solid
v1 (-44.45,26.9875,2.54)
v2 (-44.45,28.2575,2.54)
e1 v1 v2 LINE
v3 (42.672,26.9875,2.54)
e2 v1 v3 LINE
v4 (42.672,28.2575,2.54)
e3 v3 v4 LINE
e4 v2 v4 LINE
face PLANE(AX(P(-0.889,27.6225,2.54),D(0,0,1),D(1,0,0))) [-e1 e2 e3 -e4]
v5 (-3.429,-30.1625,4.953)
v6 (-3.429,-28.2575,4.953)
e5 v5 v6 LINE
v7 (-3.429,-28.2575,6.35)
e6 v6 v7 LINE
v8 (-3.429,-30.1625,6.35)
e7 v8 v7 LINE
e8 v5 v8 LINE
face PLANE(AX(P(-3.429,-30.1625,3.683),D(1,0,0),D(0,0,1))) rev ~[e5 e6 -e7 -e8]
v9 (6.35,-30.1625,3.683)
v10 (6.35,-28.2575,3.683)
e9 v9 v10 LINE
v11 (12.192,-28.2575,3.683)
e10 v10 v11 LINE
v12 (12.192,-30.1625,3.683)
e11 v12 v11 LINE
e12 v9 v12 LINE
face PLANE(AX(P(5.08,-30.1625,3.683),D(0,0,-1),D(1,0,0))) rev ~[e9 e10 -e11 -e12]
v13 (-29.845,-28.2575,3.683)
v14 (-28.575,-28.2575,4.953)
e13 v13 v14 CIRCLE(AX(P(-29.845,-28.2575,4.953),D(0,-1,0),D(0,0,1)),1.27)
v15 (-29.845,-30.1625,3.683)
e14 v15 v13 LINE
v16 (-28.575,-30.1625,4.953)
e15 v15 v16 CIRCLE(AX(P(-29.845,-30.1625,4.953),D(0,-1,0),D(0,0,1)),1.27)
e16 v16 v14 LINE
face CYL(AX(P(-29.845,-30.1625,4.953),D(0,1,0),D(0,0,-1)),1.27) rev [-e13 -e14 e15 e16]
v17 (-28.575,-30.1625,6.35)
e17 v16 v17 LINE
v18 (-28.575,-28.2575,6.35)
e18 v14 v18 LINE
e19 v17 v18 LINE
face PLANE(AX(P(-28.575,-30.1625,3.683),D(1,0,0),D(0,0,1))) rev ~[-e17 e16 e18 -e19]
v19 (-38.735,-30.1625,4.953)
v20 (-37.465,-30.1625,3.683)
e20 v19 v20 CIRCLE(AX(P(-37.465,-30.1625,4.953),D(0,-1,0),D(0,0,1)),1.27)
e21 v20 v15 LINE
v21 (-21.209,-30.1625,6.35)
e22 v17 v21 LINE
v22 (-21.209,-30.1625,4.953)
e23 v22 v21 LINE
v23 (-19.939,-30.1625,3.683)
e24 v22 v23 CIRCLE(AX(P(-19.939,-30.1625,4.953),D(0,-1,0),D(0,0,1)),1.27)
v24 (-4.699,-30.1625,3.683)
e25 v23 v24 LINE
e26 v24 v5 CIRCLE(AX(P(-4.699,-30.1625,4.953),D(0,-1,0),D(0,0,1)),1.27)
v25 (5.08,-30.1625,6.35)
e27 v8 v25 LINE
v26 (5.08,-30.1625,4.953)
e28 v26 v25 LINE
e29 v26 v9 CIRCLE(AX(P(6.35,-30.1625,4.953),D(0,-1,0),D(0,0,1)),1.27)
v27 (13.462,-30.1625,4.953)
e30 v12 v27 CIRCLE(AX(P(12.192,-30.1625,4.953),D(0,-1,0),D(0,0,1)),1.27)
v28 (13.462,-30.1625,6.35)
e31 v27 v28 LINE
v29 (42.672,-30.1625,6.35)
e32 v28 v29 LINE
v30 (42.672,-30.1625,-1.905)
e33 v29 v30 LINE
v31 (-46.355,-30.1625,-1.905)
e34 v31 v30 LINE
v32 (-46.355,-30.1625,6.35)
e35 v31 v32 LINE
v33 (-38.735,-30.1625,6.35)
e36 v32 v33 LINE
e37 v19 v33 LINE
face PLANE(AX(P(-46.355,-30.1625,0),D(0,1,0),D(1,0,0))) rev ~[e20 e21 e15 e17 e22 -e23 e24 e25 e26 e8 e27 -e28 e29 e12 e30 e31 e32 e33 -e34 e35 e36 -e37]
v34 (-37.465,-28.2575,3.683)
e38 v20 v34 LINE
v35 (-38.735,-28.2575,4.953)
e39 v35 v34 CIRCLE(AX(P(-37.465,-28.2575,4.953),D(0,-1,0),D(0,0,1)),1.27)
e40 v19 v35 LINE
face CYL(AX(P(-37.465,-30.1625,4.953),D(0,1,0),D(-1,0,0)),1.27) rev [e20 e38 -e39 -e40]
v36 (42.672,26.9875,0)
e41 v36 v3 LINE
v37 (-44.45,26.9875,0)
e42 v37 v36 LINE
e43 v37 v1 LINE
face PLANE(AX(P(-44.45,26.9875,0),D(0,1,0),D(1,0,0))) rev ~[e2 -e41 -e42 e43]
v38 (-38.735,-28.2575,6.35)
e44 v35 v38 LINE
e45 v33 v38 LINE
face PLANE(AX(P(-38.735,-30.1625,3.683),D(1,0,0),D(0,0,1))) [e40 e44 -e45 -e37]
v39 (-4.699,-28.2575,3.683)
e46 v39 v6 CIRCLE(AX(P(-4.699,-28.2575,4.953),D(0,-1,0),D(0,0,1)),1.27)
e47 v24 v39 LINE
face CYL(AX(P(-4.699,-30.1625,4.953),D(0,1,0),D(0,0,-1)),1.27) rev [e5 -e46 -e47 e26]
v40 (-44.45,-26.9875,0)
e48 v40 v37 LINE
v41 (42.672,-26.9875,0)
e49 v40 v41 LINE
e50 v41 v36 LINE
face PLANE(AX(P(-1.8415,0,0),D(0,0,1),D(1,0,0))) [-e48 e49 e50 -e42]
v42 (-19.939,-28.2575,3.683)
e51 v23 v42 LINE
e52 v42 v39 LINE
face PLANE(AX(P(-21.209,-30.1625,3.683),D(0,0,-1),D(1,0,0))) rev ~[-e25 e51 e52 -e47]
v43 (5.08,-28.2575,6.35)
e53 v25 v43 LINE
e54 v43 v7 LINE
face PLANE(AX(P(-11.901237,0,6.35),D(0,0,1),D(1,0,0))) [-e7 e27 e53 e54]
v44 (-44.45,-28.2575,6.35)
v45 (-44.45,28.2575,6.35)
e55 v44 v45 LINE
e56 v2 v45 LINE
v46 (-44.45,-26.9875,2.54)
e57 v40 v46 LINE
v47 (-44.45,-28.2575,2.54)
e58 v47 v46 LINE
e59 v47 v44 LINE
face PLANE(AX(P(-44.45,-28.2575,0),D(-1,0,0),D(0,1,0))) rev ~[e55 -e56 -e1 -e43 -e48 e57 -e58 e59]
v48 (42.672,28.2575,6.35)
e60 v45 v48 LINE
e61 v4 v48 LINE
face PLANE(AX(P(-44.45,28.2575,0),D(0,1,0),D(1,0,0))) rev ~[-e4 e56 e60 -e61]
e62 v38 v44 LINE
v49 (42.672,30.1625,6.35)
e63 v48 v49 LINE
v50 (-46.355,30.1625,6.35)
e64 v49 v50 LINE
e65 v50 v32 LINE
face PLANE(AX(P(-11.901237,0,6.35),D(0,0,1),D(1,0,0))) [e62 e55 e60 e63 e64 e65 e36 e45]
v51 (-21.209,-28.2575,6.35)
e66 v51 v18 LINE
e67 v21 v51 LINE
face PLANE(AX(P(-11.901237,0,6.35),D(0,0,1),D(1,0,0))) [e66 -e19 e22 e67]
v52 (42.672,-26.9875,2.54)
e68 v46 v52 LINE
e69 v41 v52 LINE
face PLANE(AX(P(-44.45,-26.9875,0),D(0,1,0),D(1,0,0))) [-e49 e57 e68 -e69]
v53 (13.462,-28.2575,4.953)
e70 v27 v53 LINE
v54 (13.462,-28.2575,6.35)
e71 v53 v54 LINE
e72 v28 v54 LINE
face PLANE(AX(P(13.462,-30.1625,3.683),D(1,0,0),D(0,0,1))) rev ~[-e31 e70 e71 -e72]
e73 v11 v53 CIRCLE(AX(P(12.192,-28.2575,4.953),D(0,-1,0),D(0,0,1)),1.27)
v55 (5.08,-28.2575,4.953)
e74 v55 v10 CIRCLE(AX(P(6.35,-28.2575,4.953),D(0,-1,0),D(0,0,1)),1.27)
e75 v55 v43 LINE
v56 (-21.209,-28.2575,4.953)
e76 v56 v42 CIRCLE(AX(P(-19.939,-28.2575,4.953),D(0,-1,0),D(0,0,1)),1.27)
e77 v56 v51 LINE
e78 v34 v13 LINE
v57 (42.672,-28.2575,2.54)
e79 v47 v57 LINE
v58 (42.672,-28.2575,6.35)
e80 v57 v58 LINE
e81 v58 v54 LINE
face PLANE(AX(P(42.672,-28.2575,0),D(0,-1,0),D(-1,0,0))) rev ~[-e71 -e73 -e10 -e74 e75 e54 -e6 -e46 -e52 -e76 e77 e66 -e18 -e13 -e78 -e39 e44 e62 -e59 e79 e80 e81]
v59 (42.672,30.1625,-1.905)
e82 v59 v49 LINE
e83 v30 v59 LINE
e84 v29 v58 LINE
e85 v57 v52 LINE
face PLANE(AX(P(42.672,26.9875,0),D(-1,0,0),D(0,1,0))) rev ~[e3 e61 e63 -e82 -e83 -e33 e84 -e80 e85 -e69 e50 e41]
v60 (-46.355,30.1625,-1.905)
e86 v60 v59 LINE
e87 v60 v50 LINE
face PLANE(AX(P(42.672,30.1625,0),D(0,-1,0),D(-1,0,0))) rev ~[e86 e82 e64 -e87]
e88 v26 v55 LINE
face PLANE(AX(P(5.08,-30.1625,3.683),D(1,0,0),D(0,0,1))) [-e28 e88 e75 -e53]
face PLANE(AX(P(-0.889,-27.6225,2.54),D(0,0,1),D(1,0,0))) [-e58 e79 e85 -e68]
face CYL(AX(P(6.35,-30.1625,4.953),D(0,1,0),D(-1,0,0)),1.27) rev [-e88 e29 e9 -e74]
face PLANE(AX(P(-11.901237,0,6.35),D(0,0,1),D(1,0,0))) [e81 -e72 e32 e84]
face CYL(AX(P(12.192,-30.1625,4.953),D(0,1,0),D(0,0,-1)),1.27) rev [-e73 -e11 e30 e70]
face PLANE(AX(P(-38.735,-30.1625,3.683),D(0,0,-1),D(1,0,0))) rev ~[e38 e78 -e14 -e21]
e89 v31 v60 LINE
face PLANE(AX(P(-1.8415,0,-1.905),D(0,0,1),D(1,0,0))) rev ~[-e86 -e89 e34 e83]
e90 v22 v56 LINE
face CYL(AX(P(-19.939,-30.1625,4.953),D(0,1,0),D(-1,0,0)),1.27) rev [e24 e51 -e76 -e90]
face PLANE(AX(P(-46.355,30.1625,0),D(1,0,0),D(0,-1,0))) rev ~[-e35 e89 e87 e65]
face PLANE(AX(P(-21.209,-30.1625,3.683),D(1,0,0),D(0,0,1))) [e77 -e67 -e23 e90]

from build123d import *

# Parameters (mm, degrees)
F0_W     = 89.027
F0_H     = 60.325
F1_DEPTH = 1.905
F3_DEPTH = 6.35
F4_W     = 87.122
F4_H     = 1.27
F5_DEPTH = 2.54
F6_W     = 10.16
F6_H     = 2.667
F6_W_2   = 17.78
F6_W_3   = 8.382
F7_DEPTH = 25.4
F8_R     = 1.27


with BuildPart() as f1:
    # F0 (on Top) → F1 (new body)
    with BuildSketch(Plane.XY):
        with Locations((-1.8415, 0)):
            Rectangle(F0_W, F0_H)
    extrude(amount=-F1_DEPTH)

    # F2 (on face) → F3 (join)
    with BuildSketch(Plane.XY):
        Polygon((-44.45, -28.2575), (-44.45, 28.2575), (42.672, 28.2575), (42.672, 30.1625), (-46.355, 30.1625), (-46.355, -30.1625), (42.672, -30.1625), (42.672, -28.2575), align=None)
    extrude(amount=F3_DEPTH)

    # F4 (on face) → F5 (join)
    with BuildSketch(Plane.XY):
        with Locations((-0.889, 27.6225)):
            Rectangle(F4_W, F4_H)
        with Locations((-0.889, -27.6225)):
            Rectangle(F4_W, F4_H)
    extrude(amount=F5_DEPTH)

    # F6 (on face) → F7 (cut)
    with BuildSketch(Plane.XZ.offset(30.1625)):
        with Locations((-33.655, 5.0165)):
            Rectangle(F6_W, F6_H)
        with Locations((-12.319, 5.0165)):
            Rectangle(F6_W_2, F6_H)
        with Locations((9.271, 5.0165)):
            Rectangle(F6_W_3, F6_H)
    extrude(amount=-F7_DEPTH, mode=Mode.SUBTRACT)

    # F8
    f8_edges = [f1.edges().sort_by_distance(p)[0] for p in [
        (-38.735, -29.21, 3.683),
        (-28.575, -29.21, 3.683),
        (5.08, -29.21, 3.683),
        (13.462, -29.21, 3.683),
        (-3.429, -29.21, 3.683),
        (-21.209, -29.21, 3.683),
    ]]
    fillet(f8_edges, radius=F8_R)


solid = f1.part
